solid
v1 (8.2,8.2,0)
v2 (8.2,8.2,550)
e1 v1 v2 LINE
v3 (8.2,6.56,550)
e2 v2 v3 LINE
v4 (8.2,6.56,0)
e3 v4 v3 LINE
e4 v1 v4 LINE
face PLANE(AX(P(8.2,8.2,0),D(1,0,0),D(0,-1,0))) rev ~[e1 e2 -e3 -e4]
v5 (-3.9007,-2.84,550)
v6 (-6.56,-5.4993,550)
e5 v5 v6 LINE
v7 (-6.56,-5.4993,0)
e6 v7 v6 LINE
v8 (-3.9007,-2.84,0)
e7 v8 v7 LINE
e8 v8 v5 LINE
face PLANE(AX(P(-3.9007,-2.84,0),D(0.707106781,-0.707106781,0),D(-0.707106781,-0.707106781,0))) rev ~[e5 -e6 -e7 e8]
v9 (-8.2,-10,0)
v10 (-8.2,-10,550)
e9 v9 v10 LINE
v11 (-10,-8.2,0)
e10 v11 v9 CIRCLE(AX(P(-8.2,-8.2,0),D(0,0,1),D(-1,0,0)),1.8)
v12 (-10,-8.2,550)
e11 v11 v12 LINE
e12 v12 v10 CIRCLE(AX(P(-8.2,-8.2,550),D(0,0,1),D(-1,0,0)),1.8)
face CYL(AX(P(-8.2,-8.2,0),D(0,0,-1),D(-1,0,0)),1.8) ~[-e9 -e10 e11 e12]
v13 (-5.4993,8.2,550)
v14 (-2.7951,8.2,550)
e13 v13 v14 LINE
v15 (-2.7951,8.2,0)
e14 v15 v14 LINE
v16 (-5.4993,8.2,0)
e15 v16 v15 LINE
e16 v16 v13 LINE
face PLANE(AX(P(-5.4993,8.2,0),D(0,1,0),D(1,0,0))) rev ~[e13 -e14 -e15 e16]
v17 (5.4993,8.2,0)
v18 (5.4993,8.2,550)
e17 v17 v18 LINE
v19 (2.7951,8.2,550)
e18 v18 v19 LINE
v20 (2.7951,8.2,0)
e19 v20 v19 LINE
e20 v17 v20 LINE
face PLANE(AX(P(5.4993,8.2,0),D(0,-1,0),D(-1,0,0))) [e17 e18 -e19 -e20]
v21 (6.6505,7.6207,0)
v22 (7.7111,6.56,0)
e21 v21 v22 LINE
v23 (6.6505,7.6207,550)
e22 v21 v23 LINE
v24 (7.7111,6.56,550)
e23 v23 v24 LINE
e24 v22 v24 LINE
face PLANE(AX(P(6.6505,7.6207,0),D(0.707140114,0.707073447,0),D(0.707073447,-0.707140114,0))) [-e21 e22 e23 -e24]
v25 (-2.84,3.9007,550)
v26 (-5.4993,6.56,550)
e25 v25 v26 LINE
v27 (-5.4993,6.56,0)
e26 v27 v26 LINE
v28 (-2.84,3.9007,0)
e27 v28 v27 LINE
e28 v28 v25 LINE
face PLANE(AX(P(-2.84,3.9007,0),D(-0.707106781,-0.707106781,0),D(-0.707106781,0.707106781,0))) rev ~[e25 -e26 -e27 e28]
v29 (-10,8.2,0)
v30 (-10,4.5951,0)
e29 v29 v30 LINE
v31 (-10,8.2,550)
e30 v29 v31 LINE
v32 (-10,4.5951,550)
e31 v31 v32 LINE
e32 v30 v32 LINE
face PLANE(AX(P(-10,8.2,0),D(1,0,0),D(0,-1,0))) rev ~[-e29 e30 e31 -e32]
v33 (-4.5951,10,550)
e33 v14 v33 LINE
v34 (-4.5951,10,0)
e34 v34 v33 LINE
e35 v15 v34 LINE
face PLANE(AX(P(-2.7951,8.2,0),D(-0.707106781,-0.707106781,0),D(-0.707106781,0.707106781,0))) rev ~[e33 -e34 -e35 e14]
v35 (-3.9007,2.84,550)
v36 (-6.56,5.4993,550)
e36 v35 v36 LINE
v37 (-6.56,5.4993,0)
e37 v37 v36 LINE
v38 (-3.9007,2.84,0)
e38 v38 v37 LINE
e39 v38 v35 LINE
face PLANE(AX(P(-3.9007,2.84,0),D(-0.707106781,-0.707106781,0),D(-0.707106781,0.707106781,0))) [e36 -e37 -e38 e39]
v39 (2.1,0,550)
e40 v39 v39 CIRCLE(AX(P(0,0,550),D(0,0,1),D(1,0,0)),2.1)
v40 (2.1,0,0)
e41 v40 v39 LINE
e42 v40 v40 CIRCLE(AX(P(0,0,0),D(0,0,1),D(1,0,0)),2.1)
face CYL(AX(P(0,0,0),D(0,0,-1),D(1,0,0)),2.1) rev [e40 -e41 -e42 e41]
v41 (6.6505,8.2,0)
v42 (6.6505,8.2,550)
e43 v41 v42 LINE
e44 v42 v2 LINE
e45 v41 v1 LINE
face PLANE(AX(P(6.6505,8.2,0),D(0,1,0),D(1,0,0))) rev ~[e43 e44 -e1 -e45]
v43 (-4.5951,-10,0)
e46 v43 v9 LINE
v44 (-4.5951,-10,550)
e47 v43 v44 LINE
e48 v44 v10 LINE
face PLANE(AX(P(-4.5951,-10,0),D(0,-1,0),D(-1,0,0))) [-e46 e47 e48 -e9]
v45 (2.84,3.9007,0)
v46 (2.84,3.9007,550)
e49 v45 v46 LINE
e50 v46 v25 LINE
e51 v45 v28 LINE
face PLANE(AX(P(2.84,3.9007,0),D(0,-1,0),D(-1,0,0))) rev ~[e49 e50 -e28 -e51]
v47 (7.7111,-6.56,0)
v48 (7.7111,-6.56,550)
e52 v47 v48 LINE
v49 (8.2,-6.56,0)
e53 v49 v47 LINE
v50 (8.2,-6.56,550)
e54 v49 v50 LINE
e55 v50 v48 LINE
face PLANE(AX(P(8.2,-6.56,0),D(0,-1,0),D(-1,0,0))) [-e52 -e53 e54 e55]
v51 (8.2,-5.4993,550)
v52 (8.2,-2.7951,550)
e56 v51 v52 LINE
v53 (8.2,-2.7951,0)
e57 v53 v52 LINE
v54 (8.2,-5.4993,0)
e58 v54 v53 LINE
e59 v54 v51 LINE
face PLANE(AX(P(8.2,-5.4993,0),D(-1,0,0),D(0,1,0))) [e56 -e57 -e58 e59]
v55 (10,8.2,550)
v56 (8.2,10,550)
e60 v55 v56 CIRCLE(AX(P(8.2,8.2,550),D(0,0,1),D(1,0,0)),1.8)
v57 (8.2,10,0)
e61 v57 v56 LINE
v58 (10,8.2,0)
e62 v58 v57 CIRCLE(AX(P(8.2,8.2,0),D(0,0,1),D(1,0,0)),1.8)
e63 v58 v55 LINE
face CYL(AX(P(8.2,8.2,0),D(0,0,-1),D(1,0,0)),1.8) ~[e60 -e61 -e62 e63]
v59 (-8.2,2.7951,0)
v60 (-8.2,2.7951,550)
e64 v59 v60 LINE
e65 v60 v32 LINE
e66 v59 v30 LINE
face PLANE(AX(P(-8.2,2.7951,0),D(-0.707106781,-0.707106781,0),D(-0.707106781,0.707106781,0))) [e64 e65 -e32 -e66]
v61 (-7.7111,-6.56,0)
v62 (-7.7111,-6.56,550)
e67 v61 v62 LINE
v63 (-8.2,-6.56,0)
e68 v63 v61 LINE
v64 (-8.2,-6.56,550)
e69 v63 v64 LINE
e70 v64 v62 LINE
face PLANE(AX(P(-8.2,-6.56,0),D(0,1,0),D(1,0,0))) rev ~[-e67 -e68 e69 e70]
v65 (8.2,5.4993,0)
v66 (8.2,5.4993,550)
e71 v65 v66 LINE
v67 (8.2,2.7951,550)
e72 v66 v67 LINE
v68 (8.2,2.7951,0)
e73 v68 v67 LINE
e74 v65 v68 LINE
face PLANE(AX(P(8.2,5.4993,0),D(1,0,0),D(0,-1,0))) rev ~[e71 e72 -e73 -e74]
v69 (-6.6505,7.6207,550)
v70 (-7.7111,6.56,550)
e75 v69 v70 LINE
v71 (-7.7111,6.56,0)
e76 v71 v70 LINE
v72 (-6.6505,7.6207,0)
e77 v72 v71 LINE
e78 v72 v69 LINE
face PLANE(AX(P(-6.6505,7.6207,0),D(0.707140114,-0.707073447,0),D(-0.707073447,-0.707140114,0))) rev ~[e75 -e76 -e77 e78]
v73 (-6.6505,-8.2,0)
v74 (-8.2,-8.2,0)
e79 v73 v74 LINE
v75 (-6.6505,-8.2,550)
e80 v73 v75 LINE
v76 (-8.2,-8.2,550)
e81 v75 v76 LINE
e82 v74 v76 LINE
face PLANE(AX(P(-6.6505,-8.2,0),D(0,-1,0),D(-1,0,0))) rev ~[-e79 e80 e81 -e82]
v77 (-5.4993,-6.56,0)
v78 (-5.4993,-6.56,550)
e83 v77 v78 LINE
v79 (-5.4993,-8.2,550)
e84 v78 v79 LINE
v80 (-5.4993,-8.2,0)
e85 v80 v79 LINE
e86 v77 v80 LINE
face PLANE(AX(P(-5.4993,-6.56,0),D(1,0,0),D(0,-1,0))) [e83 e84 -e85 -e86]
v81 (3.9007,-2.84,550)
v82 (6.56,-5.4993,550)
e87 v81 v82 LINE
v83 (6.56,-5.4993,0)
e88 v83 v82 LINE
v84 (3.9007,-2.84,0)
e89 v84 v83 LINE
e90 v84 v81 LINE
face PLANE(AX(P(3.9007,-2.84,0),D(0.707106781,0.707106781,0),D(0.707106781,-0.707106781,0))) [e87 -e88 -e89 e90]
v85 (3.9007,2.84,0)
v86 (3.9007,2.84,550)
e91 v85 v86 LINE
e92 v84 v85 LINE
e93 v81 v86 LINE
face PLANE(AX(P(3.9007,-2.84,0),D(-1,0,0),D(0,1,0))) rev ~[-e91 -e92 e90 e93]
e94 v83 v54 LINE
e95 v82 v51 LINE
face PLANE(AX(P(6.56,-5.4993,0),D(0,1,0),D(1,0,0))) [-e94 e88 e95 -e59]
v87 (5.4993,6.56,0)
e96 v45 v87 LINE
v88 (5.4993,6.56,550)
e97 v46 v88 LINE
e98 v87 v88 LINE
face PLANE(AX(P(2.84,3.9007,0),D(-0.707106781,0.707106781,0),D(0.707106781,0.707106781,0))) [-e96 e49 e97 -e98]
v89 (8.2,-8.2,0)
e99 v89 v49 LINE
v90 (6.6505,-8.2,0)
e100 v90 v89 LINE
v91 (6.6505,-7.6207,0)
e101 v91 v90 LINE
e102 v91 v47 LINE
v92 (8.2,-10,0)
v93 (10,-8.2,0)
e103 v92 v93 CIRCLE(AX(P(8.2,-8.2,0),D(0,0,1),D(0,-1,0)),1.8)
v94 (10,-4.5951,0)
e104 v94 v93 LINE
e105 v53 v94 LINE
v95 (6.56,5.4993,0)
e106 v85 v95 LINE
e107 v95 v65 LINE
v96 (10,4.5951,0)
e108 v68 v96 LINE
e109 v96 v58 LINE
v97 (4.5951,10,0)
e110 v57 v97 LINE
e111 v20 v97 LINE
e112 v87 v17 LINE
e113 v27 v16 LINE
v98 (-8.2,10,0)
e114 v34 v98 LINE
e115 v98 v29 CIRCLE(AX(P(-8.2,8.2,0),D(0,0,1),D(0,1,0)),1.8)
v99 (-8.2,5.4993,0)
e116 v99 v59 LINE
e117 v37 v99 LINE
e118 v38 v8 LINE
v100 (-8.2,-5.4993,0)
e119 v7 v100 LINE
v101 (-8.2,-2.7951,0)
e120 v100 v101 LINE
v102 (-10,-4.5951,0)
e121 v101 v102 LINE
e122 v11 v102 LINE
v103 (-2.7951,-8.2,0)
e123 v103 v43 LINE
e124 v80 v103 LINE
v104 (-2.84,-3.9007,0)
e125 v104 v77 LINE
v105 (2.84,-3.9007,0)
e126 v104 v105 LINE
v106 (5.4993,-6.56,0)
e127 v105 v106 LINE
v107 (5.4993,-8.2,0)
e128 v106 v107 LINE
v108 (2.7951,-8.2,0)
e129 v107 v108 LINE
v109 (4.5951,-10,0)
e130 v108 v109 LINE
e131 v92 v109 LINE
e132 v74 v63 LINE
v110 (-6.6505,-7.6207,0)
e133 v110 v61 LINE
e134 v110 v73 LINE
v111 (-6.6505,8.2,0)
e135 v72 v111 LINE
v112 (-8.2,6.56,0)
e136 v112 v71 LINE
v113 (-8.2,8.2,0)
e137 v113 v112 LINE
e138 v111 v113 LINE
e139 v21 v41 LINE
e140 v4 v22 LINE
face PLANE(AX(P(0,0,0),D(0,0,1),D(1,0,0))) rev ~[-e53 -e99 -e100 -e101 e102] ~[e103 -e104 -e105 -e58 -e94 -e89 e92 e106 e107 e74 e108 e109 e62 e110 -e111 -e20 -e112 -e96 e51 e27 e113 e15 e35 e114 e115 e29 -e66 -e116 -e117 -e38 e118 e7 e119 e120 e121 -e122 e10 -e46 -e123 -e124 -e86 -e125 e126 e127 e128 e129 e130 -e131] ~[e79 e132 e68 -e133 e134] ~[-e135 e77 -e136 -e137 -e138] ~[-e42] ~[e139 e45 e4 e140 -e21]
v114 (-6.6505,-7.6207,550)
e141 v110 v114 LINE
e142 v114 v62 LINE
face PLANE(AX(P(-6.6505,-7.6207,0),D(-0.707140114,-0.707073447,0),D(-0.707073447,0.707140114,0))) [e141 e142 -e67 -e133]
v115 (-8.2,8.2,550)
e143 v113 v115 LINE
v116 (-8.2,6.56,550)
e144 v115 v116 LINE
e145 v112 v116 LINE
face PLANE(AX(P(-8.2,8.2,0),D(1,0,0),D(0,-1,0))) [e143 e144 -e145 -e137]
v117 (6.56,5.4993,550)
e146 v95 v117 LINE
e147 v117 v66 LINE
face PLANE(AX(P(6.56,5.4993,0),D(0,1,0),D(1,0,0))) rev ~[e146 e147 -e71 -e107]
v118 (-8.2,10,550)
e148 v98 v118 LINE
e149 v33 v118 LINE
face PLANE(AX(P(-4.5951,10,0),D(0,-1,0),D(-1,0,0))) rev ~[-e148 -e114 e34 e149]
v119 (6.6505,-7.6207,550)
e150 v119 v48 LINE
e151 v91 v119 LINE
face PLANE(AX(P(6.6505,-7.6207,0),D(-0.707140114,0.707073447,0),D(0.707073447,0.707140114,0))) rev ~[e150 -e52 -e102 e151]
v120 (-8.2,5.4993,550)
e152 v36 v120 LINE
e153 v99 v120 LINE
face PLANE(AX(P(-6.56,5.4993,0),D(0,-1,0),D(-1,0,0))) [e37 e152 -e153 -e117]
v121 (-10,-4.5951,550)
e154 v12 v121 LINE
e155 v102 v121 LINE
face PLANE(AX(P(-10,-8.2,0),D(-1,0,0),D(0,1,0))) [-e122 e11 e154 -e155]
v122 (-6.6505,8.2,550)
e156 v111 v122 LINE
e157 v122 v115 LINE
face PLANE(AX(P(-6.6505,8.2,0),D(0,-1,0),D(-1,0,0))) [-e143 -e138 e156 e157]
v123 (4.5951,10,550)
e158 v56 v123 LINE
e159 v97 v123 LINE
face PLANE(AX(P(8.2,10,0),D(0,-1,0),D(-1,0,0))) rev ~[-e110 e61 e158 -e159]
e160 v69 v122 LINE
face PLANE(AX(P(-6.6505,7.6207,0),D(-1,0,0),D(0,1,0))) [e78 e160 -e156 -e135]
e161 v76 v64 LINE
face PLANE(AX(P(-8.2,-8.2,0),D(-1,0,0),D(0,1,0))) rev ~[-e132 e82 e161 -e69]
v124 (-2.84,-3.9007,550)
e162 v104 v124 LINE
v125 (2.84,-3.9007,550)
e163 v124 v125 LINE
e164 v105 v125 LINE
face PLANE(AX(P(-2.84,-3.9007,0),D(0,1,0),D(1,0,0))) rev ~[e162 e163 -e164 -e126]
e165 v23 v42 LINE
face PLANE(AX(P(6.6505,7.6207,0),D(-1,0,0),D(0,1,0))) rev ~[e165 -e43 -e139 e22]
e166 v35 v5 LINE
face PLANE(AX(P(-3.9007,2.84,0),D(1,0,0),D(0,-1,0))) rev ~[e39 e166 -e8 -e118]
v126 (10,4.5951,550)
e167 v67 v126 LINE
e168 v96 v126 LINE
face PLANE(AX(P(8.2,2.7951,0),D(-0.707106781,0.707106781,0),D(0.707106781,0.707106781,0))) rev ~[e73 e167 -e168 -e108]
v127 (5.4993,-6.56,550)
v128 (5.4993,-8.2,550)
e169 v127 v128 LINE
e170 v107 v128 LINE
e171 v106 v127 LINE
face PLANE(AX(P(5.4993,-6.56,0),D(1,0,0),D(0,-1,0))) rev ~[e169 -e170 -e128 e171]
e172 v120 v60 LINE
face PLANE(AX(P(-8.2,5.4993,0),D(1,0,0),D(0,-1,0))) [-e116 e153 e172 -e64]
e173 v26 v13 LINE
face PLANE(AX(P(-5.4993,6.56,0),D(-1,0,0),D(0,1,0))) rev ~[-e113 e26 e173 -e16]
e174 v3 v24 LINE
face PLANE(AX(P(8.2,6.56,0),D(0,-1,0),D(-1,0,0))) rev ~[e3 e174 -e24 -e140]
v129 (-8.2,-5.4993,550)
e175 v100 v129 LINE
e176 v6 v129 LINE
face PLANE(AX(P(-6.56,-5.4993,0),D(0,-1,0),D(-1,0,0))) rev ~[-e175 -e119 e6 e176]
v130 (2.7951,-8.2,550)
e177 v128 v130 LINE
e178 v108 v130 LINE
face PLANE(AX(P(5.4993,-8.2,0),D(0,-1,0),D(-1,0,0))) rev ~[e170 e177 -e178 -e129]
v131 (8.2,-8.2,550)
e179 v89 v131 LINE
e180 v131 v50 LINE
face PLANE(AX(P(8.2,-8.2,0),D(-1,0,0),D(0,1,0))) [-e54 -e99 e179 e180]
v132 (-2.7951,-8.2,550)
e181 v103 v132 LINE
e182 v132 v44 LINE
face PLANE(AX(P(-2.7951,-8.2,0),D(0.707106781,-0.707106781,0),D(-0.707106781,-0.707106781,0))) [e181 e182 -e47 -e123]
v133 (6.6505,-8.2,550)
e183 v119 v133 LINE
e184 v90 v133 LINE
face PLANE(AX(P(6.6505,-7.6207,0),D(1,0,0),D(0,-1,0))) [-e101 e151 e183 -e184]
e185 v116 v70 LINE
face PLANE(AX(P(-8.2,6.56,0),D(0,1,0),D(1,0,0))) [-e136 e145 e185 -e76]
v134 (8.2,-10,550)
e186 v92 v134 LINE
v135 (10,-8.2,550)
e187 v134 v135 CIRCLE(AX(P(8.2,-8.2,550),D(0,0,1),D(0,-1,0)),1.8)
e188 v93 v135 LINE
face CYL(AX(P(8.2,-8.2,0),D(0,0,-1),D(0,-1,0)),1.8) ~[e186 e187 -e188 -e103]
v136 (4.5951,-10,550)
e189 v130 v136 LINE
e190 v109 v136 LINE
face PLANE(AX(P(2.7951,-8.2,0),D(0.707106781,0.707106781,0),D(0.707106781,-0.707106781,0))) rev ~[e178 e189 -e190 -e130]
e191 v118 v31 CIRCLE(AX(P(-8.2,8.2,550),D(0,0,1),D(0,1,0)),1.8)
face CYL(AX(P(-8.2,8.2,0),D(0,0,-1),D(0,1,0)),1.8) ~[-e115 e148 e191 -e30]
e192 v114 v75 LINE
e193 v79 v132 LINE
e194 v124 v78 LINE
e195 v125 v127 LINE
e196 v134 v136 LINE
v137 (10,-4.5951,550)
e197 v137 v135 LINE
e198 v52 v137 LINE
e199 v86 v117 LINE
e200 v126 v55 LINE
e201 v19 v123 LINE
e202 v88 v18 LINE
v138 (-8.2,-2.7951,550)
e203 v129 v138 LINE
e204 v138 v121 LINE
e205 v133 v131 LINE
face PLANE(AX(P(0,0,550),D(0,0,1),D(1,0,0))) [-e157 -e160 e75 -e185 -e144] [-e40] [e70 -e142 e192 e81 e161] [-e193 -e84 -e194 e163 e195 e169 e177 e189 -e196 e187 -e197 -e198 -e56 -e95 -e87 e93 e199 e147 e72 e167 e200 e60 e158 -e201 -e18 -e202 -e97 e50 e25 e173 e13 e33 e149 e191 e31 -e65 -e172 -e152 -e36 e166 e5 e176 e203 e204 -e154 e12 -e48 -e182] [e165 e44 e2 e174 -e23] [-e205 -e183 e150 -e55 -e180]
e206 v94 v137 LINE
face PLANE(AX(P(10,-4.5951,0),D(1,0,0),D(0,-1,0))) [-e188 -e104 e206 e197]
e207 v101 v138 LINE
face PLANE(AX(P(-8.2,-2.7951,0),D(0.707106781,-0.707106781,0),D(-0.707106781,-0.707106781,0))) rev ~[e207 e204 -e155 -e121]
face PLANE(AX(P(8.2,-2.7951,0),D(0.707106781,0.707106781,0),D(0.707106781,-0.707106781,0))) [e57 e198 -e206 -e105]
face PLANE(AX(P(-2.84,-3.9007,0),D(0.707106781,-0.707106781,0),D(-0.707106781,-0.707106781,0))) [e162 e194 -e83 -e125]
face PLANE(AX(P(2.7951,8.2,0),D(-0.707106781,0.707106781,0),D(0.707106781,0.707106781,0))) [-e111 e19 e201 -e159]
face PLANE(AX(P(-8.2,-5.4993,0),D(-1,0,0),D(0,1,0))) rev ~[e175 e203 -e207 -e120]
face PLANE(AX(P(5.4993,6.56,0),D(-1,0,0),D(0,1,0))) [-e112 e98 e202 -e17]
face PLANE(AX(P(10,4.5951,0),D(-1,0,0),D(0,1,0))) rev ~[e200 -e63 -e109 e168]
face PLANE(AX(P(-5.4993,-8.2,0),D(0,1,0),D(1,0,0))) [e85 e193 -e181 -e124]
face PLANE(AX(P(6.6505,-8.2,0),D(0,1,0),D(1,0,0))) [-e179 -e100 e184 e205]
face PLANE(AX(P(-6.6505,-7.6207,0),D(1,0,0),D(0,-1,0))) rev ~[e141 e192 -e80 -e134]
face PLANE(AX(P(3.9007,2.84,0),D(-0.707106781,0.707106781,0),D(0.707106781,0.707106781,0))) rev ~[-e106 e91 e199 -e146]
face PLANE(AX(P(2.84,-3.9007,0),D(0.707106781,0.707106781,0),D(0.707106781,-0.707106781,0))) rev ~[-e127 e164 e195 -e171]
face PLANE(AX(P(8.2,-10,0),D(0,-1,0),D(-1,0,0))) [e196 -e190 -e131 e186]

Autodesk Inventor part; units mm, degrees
ref_plane "YZ Plane" through (0, 0, 0) normal (1, 0, 0) x (0, 1, 0)
ref_plane "Start Plane" through (0, 0, 0) normal (0, 0, 1) x (1, 0, 0)
ref_plane "End Plane" through (0, 0, 550) normal (0, 0, 1) x (1, 0, 0)
sketch "Sketch1" plane through (0, 0, 0) normal (0, 0, 1) x (1, 0, 0)
  line L0 (10, -4.5951) -> (10, -8.2)
  line L1 (-10, -8.2) -> (-10, -4.5951)
  line L2 (-10, 10) -> (10, -10) construction
  line L3 (10, 10) -> (-10, -10) construction
  circle A0 centre (0, 0) radius 2.1
  line L4 (-2.84, -3.9007) -> (2.84, -3.9007)
  line L5 (3.9007, -2.84) -> (3.9007, 2.84)
  line L6 (2.84, 3.9007) -> (-2.84, 3.9007)
  line L7 (-3.9007, 2.84) -> (-3.9007, -2.84)
  line L8 (-3.9007, -3.9007) -> (3.9007, 3.9007) construction
  line L9 (3.9007, -3.9007) -> (-3.9007, 3.9007) construction
  line L10 (-3.9007, -2.84) -> (-2.84, -3.9007) construction
  line L11 (-2.84, -3.9007) -> (-5.4993, -6.56)
  line L12 (-5.4993, -6.56) -> (-5.4993, -8.2)
  line L13 (-5.4993, -8.2) -> (-2.7951, -8.2)
  line L14 (-2.7951, -8.2) -> (-4.5951, -10)
  line L15 (0, 0) -> (0, -3.9007) construction
  line L16 (3.9007, -2.84) -> (2.84, -3.9007) construction
  line L17 (2.84, -3.9007) -> (5.4993, -6.56)
  line L18 (5.4993, -6.56) -> (5.4993, -8.2)
  line L19 (5.4993, -8.2) -> (2.7951, -8.2)
  line L20 (2.7951, -8.2) -> (4.5951, -10)
  line L21 (-2.84, -3.9007) -> (-3.9007, -2.84) construction
  line L22 (-3.9007, -2.84) -> (-6.56, -5.4993)
  line L23 (-6.56, -5.4993) -> (-8.2, -5.4993)
  line L24 (-8.2, -5.4993) -> (-8.2, -2.7951)
  line L25 (-8.2, -2.7951) -> (-10, -4.5951)
  line L26 (3.9007, -2.84) -> (6.56, -5.4993)
  line L27 (6.56, -5.4993) -> (8.2, -5.4993)
  line L28 (8.2, -5.4993) -> (8.2, -2.7951)
  line L29 (8.2, -2.7951) -> (10, -4.5951)
  arc A1 (-10, -8.2) -> (-8.2, -10) centre (-8.2, -8.2) ccw
  arc A2 (8.2, -10) -> (10, -8.2) centre (8.2, -8.2) ccw
  line L30 (-8.2, -6.56) -> (-7.7111, -6.56)
  line L31 (-6.6505, -8.2) -> (-8.2, -8.2)
  line L32 (-8.2, -8.2) -> (-8.2, -6.56)
  line L33 (-6.6505, -7.6207) -> (-7.7111, -6.56)
  line L34 (-6.6505, -7.6207) -> (-6.6505, -8.2)
  line L35 (8.2, -6.56) -> (7.7111, -6.56)
  line L36 (6.6505, -8.2) -> (8.2, -8.2)
  line L37 (8.2, -8.2) -> (8.2, -6.56)
  line L38 (6.6505, -7.6207) -> (7.7111, -6.56)
  line L39 (6.6505, -7.6207) -> (6.6505, -8.2)
  line L40 (8.2, -10) -> (4.5951, -10)
  line L41 (-4.5951, -10) -> (-8.2, -10)
  line L42 (-3.9007, 0) -> (3.9007, 0) construction
  line L43 (10, 4.5951) -> (10, 8.2)
  line L44 (-10, 8.2) -> (-10, 4.5951)
  line L45 (-2.84, 3.9007) -> (2.84, 3.9007)
  line L46 (-3.9007, 2.84) -> (-2.84, 3.9007) construction
  line L47 (-2.84, 3.9007) -> (-5.4993, 6.56)
  line L48 (-5.4993, 6.56) -> (-5.4993, 8.2)
  line L49 (-5.4993, 8.2) -> (-2.7951, 8.2)
  line L50 (-2.7951, 8.2) -> (-4.5951, 10)
  line L51 (2.84, 3.9007) -> (5.4993, 6.56)
  line L52 (5.4993, 6.56) -> (5.4993, 8.2)
  line L53 (5.4993, 8.2) -> (2.7951, 8.2)
  line L54 (2.7951, 8.2) -> (4.5951, 10)
  line L55 (3.9007, 2.84) -> (2.84, 3.9007) construction
  line L56 (-8.2, 2.7951) -> (-10, 4.5951)
  line L57 (-2.84, 3.9007) -> (-3.9007, 2.84) construction
  line L58 (-3.9007, 2.84) -> (-6.56, 5.4993)
  line L59 (-6.56, 5.4993) -> (-8.2, 5.4993)
  line L60 (-8.2, 5.4993) -> (-8.2, 2.7951)
  line L61 (3.9007, 2.84) -> (6.56, 5.4993)
  line L62 (6.56, 5.4993) -> (8.2, 5.4993)
  line L63 (8.2, 5.4993) -> (8.2, 2.7951)
  line L64 (8.2, 2.7951) -> (10, 4.5951)
  arc A3 (-8.2, 10) -> (-10, 8.2) centre (-8.2, 8.2) ccw
  arc A4 (10, 8.2) -> (8.2, 10) centre (8.2, 8.2) ccw
  line L65 (-8.2, 6.56) -> (-7.7111, 6.56)
  line L66 (-6.6505, 8.2) -> (-8.2, 8.2)
  line L67 (-8.2, 8.2) -> (-8.2, 6.56)
  line L68 (-6.6505, 7.6207) -> (-7.7111, 6.56)
  line L69 (-6.6505, 7.6207) -> (-6.6505, 8.2)
  line L70 (8.2, 6.56) -> (7.7111, 6.56)
  line L71 (6.6505, 7.6207) -> (7.7111, 6.56)
  line L72 (8.2, 8.2) -> (8.2, 6.56)
  line L73 (6.6505, 7.6207) -> (6.6505, 8.2)
  line L74 (6.6505, 8.2) -> (8.2, 8.2)
  line L75 (8.2, 10) -> (4.5951, 10)
  line L76 (-4.5951, 10) -> (-8.2, 10)
  line L77 (-8.2, 10) -> (-4.5951, 10)
  line L78 (4.5951, 10) -> (8.2, 10)
  point P0 (8.2, -8.2)
  point P1 (0, 3.9007)
  point P2 (8.2, 8.2)
  dimension "Width" = 20
  dimension "Height" = 20
  dimension "d2" = 4.2
  dimension "d3" = 1.5
  dimension "d4" = 1.64
  dimension "d6" = 5.68
  dimension "d7" = 1.8
  dimension "d9" = 1.5
extrude "Body" add sketch "Sketch1" along normal up to surface (550 mm away) from surface at 0
sketch "Sketch4" plane through (0, 0, 0) normal (0, 0, 1) x (1, 0, 0)
  line L0 (0, 0) -> (10, 0)
ref_plane "Work Plane4" through (0, 0, 0) normal (0, -1, 0) x (1, 0, 0)
sketch "Sketch5" plane through (0, 0, 0) normal (0, -1, 0) x (1, 0, 0)
  line L0 (-2, 0) -> (12, 0) construction
  line L1 (-2, 550) -> (12, 550) construction
  dimension "d17" = 550
equation "\"G_OFFSET_START\" = 0"
equation "\"G_OFFSET_END\" = 0"
equation "\"G_L\" = d17"
properties part number "V-slot 20 mm x 20 mm" material "Aluminum 6061"
